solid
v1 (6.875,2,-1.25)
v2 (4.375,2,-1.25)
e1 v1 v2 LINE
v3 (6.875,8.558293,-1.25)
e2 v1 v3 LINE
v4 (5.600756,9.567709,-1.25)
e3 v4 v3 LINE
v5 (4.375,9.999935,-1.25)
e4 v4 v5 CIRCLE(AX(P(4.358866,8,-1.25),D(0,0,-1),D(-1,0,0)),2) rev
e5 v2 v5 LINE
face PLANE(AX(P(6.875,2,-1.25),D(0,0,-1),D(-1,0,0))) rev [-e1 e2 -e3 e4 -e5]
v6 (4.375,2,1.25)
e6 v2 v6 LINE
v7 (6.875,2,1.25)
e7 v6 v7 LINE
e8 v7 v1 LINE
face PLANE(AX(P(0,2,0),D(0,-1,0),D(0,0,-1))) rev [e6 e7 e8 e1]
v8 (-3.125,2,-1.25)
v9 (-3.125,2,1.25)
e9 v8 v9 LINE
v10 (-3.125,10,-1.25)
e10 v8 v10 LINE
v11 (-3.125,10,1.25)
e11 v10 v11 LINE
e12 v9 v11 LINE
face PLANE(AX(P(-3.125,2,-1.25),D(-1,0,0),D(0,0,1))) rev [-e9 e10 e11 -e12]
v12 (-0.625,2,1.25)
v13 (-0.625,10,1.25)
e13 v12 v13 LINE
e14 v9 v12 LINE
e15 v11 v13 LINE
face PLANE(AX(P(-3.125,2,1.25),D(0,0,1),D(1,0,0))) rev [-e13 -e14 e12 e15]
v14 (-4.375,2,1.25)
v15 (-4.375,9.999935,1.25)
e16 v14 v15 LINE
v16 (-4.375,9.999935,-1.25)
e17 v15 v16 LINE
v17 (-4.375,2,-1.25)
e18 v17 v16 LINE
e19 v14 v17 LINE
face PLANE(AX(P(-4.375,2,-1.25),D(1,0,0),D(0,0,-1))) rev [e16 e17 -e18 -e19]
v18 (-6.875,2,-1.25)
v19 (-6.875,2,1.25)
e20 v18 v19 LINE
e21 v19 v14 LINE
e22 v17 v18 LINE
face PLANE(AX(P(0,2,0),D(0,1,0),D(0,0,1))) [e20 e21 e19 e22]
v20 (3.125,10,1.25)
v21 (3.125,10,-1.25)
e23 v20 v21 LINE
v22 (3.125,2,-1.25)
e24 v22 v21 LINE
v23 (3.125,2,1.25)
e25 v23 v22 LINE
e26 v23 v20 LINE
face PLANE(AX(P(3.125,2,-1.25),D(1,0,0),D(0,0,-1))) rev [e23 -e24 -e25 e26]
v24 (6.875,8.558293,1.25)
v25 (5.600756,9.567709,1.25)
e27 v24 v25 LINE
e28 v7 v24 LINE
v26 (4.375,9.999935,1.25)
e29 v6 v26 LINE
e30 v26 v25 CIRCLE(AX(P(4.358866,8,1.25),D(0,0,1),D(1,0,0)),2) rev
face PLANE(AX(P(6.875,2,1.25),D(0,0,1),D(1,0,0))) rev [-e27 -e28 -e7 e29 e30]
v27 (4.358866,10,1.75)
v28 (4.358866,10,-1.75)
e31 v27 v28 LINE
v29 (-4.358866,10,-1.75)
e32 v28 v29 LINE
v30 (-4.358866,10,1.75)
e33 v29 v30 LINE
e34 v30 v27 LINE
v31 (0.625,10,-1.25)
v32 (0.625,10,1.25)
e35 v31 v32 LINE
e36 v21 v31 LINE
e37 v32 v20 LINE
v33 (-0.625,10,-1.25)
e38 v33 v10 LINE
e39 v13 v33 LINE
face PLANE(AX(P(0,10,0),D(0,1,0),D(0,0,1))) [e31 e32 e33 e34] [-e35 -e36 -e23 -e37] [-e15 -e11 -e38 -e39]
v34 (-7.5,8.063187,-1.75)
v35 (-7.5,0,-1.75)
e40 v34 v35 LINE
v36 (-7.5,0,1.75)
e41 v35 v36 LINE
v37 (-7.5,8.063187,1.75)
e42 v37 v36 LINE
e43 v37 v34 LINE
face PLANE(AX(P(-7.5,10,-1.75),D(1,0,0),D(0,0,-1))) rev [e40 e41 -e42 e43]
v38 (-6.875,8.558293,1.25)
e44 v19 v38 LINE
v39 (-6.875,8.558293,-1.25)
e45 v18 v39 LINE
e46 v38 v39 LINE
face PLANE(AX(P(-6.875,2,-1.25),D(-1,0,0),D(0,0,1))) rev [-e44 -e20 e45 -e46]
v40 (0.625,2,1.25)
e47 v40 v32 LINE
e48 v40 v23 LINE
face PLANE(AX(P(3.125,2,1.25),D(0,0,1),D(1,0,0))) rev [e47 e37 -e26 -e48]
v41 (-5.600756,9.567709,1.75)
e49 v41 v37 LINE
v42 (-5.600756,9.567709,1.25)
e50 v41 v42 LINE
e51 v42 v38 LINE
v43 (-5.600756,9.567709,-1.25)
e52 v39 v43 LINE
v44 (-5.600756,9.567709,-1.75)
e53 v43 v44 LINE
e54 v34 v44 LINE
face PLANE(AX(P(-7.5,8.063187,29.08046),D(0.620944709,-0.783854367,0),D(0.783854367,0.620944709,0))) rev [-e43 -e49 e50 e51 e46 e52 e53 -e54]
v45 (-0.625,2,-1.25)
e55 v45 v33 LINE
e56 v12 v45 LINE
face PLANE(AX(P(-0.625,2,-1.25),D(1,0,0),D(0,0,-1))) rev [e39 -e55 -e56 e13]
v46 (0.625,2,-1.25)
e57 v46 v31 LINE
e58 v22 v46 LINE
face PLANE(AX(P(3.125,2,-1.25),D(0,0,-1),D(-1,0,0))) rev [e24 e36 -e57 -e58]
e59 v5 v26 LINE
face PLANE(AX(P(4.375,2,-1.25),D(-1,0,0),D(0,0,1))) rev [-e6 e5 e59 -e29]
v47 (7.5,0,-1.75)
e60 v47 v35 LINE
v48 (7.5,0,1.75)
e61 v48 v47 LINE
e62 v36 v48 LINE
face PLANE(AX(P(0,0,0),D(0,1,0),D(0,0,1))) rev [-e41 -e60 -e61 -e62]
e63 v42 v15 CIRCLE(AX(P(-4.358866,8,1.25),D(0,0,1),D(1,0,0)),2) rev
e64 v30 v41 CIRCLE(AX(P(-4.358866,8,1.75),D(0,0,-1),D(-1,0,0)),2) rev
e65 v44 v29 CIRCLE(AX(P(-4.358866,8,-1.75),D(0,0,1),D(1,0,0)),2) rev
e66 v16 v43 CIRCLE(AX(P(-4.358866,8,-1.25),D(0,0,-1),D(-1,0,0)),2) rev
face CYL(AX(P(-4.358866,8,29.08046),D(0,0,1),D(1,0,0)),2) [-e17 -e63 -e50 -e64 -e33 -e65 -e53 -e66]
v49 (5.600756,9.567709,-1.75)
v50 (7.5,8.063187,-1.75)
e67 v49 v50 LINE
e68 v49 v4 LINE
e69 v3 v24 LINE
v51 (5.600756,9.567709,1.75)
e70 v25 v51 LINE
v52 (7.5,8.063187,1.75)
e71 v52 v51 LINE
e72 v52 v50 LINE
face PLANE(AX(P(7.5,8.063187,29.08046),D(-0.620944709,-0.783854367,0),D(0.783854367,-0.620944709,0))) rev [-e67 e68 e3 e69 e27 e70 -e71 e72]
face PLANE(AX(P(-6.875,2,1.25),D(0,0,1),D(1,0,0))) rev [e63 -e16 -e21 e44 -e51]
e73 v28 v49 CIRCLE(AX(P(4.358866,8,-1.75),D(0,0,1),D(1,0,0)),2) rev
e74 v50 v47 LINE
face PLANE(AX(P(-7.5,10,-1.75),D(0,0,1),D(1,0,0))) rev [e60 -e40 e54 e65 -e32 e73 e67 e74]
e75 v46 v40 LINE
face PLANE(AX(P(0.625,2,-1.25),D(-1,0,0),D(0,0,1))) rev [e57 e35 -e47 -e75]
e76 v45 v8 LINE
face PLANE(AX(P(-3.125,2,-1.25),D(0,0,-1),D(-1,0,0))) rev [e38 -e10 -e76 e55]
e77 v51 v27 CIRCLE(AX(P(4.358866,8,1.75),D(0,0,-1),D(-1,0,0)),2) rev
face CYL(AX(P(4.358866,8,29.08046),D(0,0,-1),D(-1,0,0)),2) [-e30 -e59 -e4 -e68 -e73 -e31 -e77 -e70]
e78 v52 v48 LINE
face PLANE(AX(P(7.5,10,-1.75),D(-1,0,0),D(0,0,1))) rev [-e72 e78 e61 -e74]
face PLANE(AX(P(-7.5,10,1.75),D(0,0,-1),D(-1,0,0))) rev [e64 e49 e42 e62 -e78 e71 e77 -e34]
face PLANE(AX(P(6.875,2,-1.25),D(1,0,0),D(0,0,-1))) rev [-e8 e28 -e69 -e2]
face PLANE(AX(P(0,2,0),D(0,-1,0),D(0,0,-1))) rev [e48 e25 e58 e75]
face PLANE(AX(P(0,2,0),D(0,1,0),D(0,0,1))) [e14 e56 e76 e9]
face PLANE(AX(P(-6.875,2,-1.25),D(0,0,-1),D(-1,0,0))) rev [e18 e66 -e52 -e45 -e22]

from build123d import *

# Parameters (mm, degrees)
SKETCH1_W               = 15
SKETCH1_H               = 3.5
BOSS_EXTRUDE1_DEPTH     = 10
CUT_EXTRUDE1_DEPTH      = 13.980754986
CUT_EXTRUDE1_DEPTH_BACK = 13.980754986
FILLET1_R               = 2
SKETCH3_W               = 2.5
SKETCH3_H               = 2.5
CUT_EXTRUDE2_DEPTH      = 8


with BuildPart() as part:
    # Sketch1 → Boss-Extrude1 (new body)
    with BuildSketch(Plane(origin=(0, 0, 0), x_dir=(1, 0, 0), z_dir=(0, 1, 0))):
        Rectangle(SKETCH1_W, SKETCH1_H)
    extrude(amount=BOSS_EXTRUDE1_DEPTH)

    # Sketch2 → Cut-Extrude1 (cut, two sides: drawn at the far end of the back side and taken through both)
    with BuildSketch(Plane.XY.offset(1.75).offset(-CUT_EXTRUDE1_DEPTH_BACK)):
        Polygon((-42.036351416, -19.295421035), (-7.5, 8.063187399), (-5.0550496, 10), (5.0550496, 10), (7.5, 8.063187399), (42.036351416, -19.295421035), (42.036351416, 68.823885013), (-42.036351416, 68.823885013), align=None)
    extrude(amount=CUT_EXTRUDE1_DEPTH + CUT_EXTRUDE1_DEPTH_BACK, mode=Mode.SUBTRACT)

    # Fillet1
    fillet1_edges = [part.edges().sort_by_distance(p)[0] for p in [
        (5.0550496, 10, 0),
        (-5.0550496, 10, 0),
    ]]
    fillet(fillet1_edges, radius=FILLET1_R)

    # Sketch3 → Cut-Extrude2 (cut)
    with BuildSketch(Plane(origin=(0, 10, 0), x_dir=(1, 0, 0), z_dir=(0, 1, 0))):
        with Locations((-1.875, 0)):
            Rectangle(SKETCH3_W, SKETCH3_H)
        with Locations((-5.625, 0)):
            Rectangle(SKETCH3_W, SKETCH3_H)
        with Locations((5.625, 0)):
            Rectangle(SKETCH3_W, SKETCH3_H)
        with Locations((1.875, 0)):
            Rectangle(SKETCH3_W, SKETCH3_H)
    extrude(amount=-CUT_EXTRUDE2_DEPTH, mode=Mode.SUBTRACT)


solid = part.part
